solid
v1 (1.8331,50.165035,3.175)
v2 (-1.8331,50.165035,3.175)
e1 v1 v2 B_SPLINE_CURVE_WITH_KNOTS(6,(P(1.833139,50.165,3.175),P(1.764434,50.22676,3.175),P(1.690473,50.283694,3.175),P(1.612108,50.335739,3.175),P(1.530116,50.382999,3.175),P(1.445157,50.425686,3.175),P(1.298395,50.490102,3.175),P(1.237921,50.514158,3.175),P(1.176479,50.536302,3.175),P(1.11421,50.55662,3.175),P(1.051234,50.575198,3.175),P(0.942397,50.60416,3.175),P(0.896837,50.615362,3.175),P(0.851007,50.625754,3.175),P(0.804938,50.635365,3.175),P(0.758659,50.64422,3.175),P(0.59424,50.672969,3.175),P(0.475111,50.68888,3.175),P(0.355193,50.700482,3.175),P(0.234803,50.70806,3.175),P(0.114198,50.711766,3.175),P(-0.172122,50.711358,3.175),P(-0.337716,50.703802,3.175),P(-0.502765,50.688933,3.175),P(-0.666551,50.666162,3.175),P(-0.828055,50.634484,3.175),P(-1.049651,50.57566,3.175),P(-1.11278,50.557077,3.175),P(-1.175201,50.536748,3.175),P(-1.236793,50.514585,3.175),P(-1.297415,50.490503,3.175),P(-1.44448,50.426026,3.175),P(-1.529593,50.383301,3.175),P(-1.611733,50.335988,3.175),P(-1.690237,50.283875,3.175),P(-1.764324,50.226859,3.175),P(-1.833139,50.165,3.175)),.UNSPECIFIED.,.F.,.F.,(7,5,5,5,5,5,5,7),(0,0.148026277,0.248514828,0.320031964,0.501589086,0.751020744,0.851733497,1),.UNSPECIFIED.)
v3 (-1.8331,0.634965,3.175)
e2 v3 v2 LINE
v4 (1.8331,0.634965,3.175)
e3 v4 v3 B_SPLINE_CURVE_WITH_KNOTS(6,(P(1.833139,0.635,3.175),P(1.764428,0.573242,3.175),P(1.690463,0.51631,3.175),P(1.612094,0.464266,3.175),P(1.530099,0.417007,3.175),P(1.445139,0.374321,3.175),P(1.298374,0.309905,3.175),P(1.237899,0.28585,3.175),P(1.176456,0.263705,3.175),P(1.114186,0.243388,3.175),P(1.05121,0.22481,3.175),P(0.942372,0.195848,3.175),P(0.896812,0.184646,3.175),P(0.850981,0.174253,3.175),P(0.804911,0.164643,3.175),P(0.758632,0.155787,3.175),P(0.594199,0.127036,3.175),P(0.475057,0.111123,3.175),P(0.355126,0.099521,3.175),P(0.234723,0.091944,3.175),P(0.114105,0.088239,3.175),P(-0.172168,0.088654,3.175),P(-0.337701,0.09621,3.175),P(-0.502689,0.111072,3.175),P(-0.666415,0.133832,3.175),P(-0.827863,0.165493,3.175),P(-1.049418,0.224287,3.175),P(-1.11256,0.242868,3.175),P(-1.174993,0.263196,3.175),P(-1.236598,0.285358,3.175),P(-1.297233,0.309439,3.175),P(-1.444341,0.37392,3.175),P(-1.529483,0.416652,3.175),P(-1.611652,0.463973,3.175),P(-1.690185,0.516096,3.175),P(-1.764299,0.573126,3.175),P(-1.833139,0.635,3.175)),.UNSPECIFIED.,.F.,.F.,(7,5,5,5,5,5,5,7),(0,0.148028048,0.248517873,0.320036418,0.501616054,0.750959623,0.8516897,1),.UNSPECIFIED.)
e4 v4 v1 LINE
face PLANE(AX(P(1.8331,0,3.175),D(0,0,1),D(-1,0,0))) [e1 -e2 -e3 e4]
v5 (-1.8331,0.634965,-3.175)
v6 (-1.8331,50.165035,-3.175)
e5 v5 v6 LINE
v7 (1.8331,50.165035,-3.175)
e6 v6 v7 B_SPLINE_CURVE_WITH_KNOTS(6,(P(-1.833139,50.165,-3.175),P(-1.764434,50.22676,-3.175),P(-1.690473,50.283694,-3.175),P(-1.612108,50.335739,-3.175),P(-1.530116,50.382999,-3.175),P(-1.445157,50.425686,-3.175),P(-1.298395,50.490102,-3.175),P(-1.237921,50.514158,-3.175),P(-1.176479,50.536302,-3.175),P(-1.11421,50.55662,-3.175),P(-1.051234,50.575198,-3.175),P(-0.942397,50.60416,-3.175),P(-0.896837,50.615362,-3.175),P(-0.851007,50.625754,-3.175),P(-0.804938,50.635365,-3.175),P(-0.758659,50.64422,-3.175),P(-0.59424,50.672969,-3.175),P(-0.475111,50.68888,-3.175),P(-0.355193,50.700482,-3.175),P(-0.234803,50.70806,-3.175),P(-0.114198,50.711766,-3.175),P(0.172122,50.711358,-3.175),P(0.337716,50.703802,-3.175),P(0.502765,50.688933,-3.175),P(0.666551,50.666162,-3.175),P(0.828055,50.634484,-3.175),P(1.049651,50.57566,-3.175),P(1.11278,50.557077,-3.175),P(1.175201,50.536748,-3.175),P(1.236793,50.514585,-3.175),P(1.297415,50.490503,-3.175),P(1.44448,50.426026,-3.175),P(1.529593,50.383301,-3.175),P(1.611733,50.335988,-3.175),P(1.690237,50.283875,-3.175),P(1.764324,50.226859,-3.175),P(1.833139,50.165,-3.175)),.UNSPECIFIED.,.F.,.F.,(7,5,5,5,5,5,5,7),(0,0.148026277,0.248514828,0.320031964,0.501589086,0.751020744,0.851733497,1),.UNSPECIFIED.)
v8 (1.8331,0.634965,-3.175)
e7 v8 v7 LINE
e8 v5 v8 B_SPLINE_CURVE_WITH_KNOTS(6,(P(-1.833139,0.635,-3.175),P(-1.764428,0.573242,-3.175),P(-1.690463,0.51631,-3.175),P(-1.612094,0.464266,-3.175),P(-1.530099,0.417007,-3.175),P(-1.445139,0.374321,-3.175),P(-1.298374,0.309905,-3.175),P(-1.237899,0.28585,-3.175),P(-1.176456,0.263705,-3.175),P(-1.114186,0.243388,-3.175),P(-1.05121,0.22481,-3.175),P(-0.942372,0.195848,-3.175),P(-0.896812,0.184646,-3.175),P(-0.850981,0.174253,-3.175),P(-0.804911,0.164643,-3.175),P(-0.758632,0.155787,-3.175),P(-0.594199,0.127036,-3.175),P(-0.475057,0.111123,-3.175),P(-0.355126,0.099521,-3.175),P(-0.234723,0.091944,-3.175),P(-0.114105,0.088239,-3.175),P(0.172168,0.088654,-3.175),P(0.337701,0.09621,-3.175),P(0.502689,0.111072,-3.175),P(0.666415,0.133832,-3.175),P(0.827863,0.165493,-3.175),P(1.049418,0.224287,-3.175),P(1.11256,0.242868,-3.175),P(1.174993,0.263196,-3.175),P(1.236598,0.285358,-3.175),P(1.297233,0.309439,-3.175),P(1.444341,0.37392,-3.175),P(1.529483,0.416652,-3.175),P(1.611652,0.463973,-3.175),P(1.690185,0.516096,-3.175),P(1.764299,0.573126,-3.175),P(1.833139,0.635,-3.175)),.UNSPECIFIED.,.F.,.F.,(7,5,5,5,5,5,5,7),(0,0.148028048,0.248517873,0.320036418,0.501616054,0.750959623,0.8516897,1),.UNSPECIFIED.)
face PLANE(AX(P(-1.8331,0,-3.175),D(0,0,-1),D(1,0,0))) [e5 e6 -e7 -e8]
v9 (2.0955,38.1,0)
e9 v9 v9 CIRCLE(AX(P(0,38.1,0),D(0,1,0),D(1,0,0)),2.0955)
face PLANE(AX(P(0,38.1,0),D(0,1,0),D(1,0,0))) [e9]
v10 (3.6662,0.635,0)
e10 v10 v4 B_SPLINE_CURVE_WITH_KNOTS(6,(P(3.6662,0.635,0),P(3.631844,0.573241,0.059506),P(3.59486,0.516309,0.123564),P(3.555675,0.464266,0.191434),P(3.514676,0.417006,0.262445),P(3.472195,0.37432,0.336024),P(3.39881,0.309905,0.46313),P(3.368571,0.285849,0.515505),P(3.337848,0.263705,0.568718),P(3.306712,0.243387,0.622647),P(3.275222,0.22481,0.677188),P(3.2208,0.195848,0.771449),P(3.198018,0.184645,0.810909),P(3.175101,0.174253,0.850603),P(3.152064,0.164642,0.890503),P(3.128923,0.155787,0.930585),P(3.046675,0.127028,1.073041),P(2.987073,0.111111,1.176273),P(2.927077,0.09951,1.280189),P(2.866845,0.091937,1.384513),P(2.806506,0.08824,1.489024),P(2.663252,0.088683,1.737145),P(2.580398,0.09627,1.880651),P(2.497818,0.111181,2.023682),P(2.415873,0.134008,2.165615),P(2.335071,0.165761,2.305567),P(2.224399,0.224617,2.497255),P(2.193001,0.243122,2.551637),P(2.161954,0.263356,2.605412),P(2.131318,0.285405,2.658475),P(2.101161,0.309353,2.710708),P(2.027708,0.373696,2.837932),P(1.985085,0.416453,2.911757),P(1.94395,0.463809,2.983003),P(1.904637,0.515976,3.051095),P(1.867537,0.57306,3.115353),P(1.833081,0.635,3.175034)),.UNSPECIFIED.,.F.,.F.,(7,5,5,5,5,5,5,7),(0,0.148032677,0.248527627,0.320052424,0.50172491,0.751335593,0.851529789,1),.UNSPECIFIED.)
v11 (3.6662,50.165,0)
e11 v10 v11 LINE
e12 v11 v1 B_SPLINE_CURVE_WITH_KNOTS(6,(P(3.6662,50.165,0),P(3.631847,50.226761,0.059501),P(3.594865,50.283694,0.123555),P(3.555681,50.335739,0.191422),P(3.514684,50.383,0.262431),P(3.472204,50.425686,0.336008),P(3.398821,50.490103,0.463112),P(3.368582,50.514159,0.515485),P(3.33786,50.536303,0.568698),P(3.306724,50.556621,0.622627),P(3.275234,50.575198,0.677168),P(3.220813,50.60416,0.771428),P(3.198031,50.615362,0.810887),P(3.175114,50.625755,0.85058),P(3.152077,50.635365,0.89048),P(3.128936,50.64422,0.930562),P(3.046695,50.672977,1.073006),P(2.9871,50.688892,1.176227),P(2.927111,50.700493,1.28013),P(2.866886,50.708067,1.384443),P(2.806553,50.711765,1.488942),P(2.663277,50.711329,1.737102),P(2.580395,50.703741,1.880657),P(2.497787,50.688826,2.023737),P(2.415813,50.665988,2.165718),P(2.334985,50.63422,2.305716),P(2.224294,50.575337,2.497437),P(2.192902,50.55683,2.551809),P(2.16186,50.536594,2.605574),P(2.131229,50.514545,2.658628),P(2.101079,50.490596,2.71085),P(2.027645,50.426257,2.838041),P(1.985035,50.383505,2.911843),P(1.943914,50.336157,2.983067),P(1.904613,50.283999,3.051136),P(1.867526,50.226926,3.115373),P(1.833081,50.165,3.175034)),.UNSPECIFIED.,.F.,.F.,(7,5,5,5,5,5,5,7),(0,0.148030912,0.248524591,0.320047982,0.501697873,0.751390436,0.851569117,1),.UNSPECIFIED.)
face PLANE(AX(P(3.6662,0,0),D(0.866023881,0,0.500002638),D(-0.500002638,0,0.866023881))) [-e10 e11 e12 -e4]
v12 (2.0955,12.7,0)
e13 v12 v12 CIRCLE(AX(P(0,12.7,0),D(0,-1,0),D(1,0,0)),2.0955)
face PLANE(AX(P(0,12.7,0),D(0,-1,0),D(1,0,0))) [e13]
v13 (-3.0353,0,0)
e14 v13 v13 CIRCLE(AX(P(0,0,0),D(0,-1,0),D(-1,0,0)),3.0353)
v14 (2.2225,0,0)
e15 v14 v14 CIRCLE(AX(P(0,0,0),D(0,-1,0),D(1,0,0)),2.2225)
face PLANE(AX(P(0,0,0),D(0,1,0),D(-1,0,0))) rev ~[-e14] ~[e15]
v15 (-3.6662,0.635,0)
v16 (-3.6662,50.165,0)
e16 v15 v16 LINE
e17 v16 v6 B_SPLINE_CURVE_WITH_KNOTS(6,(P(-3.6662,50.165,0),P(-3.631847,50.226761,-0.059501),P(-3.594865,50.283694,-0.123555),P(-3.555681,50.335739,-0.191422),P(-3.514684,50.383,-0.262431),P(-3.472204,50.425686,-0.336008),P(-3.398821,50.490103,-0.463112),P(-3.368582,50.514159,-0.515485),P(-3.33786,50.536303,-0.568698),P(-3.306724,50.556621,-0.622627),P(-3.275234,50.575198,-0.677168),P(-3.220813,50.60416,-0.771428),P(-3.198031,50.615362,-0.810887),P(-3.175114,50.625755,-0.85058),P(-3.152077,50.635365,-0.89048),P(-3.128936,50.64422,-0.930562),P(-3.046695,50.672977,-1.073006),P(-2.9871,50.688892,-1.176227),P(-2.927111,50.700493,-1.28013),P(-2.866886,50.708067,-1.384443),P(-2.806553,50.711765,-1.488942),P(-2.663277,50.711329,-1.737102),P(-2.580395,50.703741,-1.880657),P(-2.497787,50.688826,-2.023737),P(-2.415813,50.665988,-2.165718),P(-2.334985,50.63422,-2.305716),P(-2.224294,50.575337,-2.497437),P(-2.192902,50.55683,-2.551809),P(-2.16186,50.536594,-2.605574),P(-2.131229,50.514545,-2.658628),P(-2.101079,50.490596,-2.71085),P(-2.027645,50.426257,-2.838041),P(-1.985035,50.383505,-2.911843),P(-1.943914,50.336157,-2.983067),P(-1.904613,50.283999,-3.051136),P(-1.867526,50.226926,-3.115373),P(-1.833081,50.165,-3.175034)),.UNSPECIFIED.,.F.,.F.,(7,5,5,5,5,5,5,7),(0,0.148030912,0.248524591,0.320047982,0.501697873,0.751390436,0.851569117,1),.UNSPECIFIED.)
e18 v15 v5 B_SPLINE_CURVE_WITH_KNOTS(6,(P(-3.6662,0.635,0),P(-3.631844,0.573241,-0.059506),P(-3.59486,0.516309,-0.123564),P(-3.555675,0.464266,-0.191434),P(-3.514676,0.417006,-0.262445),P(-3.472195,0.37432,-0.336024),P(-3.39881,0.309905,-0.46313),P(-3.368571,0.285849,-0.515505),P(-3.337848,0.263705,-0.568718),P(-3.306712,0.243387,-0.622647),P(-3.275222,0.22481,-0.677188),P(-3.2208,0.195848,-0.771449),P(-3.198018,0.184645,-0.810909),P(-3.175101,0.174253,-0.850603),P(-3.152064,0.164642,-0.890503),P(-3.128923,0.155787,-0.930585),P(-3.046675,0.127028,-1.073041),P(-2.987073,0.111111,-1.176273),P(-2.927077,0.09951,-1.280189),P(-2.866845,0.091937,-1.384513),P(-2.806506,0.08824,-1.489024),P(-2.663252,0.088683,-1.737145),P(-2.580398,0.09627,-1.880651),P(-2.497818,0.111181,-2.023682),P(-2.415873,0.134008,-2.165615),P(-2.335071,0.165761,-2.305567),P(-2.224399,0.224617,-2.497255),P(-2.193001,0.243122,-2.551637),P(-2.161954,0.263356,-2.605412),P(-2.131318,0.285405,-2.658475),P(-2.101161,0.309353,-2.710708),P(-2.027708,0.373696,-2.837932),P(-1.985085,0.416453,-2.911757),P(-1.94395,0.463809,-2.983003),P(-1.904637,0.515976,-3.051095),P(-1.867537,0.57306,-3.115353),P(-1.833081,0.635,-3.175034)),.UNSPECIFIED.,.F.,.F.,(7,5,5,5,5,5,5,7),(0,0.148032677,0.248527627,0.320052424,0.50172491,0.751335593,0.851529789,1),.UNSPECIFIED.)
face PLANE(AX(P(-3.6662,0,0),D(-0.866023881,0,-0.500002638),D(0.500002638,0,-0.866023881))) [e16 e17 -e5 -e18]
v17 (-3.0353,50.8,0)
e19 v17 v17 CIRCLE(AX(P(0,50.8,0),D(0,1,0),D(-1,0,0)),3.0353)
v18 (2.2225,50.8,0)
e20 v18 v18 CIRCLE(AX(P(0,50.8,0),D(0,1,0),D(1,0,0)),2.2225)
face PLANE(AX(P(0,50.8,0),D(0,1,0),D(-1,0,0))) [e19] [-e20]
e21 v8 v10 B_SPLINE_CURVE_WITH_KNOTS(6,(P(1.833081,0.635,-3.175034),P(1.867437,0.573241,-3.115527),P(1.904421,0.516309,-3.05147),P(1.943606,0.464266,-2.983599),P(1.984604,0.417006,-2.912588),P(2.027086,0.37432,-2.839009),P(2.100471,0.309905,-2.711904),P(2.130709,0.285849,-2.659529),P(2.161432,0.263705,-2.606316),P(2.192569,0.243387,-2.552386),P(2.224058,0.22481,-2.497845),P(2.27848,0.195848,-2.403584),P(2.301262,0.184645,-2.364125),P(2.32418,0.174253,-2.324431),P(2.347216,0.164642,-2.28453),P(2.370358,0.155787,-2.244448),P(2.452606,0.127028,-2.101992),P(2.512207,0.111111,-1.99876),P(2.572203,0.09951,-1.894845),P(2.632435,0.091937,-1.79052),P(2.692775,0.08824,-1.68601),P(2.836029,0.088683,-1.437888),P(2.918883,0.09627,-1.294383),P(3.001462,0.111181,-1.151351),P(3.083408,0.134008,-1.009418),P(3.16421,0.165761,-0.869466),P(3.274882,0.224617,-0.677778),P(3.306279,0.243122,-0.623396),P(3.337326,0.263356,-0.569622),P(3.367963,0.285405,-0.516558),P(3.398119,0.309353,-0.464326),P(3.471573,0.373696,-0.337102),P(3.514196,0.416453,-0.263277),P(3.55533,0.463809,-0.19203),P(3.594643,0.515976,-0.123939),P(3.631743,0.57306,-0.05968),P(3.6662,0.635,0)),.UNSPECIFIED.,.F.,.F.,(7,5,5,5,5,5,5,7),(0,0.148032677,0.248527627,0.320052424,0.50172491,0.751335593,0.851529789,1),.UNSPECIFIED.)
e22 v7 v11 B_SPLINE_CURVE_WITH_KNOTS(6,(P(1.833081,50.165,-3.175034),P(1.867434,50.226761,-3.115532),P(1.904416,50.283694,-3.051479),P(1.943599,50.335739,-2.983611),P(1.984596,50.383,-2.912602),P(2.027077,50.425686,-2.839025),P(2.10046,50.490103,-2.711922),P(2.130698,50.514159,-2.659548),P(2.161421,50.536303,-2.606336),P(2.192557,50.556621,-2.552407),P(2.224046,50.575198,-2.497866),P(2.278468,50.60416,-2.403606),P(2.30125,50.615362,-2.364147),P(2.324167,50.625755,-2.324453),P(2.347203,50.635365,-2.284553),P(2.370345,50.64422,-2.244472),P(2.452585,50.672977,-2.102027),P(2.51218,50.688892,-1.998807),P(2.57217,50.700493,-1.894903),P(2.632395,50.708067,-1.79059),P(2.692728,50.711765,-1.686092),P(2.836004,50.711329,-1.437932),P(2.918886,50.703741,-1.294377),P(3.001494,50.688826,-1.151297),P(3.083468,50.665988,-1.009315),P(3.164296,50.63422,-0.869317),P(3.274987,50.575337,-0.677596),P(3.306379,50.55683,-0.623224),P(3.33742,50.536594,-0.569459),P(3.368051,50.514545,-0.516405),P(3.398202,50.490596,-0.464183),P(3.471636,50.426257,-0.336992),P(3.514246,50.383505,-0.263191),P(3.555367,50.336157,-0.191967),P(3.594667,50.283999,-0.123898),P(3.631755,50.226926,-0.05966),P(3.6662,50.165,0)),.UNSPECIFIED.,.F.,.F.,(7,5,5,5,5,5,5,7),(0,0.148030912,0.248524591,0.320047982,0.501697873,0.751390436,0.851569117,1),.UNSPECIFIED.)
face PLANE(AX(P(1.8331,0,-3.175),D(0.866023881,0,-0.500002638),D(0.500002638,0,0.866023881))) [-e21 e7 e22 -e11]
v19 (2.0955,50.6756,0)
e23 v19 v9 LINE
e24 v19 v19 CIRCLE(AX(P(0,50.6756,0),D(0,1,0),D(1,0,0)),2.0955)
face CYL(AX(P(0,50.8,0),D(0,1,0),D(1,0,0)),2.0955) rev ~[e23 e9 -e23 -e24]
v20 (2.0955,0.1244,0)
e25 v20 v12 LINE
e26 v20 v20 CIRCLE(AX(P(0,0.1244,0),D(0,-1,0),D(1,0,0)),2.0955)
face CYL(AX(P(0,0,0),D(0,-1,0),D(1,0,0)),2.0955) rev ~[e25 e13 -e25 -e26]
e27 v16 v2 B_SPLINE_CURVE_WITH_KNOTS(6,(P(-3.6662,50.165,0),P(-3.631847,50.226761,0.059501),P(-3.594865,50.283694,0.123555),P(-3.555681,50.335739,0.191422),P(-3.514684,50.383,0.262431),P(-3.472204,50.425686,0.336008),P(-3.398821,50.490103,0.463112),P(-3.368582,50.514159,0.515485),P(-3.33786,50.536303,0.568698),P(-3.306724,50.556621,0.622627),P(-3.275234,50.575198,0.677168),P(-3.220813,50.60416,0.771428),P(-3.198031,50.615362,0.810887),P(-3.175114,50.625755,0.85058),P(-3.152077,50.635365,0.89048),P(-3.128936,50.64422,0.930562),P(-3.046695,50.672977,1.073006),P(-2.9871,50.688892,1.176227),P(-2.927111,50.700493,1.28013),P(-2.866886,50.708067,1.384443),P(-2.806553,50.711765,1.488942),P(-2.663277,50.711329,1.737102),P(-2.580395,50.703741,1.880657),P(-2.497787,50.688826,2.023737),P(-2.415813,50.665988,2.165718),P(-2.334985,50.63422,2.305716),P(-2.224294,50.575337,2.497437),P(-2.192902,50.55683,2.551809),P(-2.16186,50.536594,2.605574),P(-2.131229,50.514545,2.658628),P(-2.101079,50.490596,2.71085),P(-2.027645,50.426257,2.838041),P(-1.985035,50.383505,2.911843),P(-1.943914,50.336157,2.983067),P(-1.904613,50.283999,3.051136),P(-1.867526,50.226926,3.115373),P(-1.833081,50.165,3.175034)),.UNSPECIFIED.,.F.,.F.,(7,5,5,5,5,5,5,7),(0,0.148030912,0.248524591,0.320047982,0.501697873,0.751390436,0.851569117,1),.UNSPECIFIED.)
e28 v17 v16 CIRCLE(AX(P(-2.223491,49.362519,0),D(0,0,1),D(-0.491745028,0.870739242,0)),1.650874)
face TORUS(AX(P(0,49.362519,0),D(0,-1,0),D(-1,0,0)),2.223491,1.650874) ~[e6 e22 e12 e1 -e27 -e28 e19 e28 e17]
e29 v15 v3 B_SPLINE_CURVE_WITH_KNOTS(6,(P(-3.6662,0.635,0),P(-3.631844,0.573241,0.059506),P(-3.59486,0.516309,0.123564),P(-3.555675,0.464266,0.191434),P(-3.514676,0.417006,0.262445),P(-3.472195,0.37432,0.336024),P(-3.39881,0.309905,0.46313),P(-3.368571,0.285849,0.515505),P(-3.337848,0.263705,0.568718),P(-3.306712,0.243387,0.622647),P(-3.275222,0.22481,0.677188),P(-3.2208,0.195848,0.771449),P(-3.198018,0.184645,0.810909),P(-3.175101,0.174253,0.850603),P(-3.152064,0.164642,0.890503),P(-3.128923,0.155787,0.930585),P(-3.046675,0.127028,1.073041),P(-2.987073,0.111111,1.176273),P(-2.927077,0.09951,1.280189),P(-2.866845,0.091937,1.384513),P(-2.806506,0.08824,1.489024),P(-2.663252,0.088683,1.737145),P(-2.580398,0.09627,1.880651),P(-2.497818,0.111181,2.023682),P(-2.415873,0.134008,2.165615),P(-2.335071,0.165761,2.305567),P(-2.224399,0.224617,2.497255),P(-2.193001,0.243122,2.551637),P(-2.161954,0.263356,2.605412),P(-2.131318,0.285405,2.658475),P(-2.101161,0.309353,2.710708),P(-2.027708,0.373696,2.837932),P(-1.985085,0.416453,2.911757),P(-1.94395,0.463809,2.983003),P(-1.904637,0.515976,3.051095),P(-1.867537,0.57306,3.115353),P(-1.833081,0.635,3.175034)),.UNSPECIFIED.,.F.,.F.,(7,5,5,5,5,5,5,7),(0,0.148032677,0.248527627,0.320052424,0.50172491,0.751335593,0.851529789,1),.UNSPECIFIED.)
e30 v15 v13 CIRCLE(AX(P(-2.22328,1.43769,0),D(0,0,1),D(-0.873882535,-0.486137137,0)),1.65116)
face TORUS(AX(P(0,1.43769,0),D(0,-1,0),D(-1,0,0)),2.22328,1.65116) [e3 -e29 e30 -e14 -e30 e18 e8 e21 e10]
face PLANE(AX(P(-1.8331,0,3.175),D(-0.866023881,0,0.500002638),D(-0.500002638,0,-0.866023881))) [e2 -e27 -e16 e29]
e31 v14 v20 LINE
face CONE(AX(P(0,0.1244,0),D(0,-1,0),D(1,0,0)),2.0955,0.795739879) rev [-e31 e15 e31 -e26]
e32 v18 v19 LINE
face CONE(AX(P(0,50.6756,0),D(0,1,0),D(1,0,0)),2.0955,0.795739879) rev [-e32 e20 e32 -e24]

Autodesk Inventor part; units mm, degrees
ref_plane "YZ Plane" through (0, 0, 0) normal (1, 0, 0) x (0, 1, 0)
ref_plane "XZ Plane" through (0, 0, 0) normal (0, 1, 0) x (-1, 0, 0)
ref_plane "XY Plane" through (0, 0, 0) normal (0, 0, 1) x (1, 0, 0)
sketch "Sketch1" plane through (0, 0, 0) normal (0, 1, 0) x (-1, 0, 0)
  line L0 (-1.8331, -3.175) -> (-3.6662, 0)
  line L1 (-3.6662, 0) -> (-1.8331, 3.175)
  line L2 (-1.8331, 3.175) -> (1.8331, 3.175)
  line L3 (1.8331, 3.175) -> (3.6662, 0)
  line L4 (3.6662, 0) -> (1.8331, -3.175)
  line L5 (1.8331, -3.175) -> (-1.8331, -3.175)
  point P0 (0, 0)
  point P1 (0, 0)
  dimension "d0" = 6.35
extrude "Body" add sketch "Sketch1" along normal blind 50.8
sketch "Sketch2" plane through (0, 50.8, 0) normal (0, 1, 0) x (1, 0, 0)
  circle A0 centre (0, 0) radius 2.0955
  dimension "d3" = 4.191
extrude "Hole 2" cut sketch "Sketch2" against normal blind 12.7
sketch "Sketch3" plane through (0, 0, 0) normal (0, -1, 0) x (1, 0, 0)
  circle A0 centre (0, 0) radius 2.0955
  dimension "d6" = 4.191
extrude "Hole 1" cut sketch "Sketch3" against normal blind 12.7
chamfer "Hole 2 Chamfer 1" distance 0.127 distance2 0.1244 1 edges at (-2.0955, 50.8, 0) measured on face at (0.0842, 50.8, 2.8101)
chamfer "Hole 1 Chamfer 1" distance 0.127 distance2 0.1244 1 edges at (-2.0955, 0, 0) measured on face at (-0.0842, 0, 2.8101)
sketch "Sketch4" plane through (0, 0, 0) normal (0, 0, 1) x (1, 0, 0)
  line L0 (1.8331, 50.8) -> (-1.8331, 50.8) projected
  line L1 (0, 50.8) -> (-3.0353, 50.8)
  line L2 (-3.6662, 50.8) -> (-1.8331, 50.8) projected
  line L3 (-3.6662, 0) -> (-3.6662, 50.8) projected
  arc A0 (-3.0353, 50.8) -> (-3.6662, 50.165) centre (-2.2234, 49.3624) ccw
  line L4 (-3.6662, 50.165) -> (-6.3588, 52.7647)
  line L5 (-6.3588, 52.7647) -> (0, 50.8)
  line L6 (0, 50.8) -> (0, 104.464)
  point P0 (0, 0)
  dimension "d15" = 3.0353
  dimension "d16" = 1.651
  dimension "d17" = 0.635
revolve "Hole 2 Chamfer 2" cut sketch "Sketch4" angle 360 about axis through (0, 50.8, 0) along (0, 1, 0)
sketch "Sketch5" plane through (0, 0, 0) normal (0, 0, 1) x (1, 0, 0)
  line L0 (0, 0) -> (-3.0353, 0)
  line L1 (1.8331, 0) -> (-1.8331, 0) projected
  line L2 (-3.6662, 0) -> (-3.6662, 50.8) projected
  arc A0 (-3.6662, 0.635) -> (-3.0353, 0) centre (-2.2234, 1.4376) ccw
  line L3 (0, 0) -> (0, -2.1986)
  line L4 (-3.6662, 0.635) -> (-4.1154, -0.8715)
  line L5 (-4.1154, -0.8715) -> (0, 0)
  point P0 (-3.6662, 50.165)
  dimension "d19" = 3.0353
  dimension "d20" = 1.651
  dimension "d21" = 0.635
revolve "Hole 1 Chamfer 2" cut sketch "Sketch5" angle 360 about axis through (0, 0, 0) along (0, -1, 0)
chamfer "Hole 2 Chamfer 1 For Short" [suppressed]
sketch "Sketch7" plane through (0, 0, 0) normal (0, 0, 1) x (1, 0, 0)
  line L0 (0, 50.8004) -> (3.0353, 50.8)
  line L1 (3.6662, 50.8) -> (1.8331, 50.8) projected
  line L2 (3.6662, 0.635) -> (3.6662, 50.8) projected
  arc A0 (3.6662, 50.165) -> (3.0353, 50.8) centre (2.2234, 49.3624) ccw
  line L3 (3.6662, 50.165) -> (4.2663, 51.7032)
  line L4 (4.2663, 51.7032) -> (0, 50.8004)
  line L5 (0, 52.6061) -> (0, 50.8004)
  line L6 (1.8331, 50.8) -> (-1.8331, 50.8) projected
  point P0 (0, 0)
  point P1 (0, 50.8)
  dimension "d33" = 3.0353
  dimension "d34" = 1.651
  dimension "d35" = 0.635
revolve "Hole 2 Chamfer 2 For Short" [suppressed]
properties part number "Standoff .5" material "VEX Aluminum Alloy 5052-H32"
